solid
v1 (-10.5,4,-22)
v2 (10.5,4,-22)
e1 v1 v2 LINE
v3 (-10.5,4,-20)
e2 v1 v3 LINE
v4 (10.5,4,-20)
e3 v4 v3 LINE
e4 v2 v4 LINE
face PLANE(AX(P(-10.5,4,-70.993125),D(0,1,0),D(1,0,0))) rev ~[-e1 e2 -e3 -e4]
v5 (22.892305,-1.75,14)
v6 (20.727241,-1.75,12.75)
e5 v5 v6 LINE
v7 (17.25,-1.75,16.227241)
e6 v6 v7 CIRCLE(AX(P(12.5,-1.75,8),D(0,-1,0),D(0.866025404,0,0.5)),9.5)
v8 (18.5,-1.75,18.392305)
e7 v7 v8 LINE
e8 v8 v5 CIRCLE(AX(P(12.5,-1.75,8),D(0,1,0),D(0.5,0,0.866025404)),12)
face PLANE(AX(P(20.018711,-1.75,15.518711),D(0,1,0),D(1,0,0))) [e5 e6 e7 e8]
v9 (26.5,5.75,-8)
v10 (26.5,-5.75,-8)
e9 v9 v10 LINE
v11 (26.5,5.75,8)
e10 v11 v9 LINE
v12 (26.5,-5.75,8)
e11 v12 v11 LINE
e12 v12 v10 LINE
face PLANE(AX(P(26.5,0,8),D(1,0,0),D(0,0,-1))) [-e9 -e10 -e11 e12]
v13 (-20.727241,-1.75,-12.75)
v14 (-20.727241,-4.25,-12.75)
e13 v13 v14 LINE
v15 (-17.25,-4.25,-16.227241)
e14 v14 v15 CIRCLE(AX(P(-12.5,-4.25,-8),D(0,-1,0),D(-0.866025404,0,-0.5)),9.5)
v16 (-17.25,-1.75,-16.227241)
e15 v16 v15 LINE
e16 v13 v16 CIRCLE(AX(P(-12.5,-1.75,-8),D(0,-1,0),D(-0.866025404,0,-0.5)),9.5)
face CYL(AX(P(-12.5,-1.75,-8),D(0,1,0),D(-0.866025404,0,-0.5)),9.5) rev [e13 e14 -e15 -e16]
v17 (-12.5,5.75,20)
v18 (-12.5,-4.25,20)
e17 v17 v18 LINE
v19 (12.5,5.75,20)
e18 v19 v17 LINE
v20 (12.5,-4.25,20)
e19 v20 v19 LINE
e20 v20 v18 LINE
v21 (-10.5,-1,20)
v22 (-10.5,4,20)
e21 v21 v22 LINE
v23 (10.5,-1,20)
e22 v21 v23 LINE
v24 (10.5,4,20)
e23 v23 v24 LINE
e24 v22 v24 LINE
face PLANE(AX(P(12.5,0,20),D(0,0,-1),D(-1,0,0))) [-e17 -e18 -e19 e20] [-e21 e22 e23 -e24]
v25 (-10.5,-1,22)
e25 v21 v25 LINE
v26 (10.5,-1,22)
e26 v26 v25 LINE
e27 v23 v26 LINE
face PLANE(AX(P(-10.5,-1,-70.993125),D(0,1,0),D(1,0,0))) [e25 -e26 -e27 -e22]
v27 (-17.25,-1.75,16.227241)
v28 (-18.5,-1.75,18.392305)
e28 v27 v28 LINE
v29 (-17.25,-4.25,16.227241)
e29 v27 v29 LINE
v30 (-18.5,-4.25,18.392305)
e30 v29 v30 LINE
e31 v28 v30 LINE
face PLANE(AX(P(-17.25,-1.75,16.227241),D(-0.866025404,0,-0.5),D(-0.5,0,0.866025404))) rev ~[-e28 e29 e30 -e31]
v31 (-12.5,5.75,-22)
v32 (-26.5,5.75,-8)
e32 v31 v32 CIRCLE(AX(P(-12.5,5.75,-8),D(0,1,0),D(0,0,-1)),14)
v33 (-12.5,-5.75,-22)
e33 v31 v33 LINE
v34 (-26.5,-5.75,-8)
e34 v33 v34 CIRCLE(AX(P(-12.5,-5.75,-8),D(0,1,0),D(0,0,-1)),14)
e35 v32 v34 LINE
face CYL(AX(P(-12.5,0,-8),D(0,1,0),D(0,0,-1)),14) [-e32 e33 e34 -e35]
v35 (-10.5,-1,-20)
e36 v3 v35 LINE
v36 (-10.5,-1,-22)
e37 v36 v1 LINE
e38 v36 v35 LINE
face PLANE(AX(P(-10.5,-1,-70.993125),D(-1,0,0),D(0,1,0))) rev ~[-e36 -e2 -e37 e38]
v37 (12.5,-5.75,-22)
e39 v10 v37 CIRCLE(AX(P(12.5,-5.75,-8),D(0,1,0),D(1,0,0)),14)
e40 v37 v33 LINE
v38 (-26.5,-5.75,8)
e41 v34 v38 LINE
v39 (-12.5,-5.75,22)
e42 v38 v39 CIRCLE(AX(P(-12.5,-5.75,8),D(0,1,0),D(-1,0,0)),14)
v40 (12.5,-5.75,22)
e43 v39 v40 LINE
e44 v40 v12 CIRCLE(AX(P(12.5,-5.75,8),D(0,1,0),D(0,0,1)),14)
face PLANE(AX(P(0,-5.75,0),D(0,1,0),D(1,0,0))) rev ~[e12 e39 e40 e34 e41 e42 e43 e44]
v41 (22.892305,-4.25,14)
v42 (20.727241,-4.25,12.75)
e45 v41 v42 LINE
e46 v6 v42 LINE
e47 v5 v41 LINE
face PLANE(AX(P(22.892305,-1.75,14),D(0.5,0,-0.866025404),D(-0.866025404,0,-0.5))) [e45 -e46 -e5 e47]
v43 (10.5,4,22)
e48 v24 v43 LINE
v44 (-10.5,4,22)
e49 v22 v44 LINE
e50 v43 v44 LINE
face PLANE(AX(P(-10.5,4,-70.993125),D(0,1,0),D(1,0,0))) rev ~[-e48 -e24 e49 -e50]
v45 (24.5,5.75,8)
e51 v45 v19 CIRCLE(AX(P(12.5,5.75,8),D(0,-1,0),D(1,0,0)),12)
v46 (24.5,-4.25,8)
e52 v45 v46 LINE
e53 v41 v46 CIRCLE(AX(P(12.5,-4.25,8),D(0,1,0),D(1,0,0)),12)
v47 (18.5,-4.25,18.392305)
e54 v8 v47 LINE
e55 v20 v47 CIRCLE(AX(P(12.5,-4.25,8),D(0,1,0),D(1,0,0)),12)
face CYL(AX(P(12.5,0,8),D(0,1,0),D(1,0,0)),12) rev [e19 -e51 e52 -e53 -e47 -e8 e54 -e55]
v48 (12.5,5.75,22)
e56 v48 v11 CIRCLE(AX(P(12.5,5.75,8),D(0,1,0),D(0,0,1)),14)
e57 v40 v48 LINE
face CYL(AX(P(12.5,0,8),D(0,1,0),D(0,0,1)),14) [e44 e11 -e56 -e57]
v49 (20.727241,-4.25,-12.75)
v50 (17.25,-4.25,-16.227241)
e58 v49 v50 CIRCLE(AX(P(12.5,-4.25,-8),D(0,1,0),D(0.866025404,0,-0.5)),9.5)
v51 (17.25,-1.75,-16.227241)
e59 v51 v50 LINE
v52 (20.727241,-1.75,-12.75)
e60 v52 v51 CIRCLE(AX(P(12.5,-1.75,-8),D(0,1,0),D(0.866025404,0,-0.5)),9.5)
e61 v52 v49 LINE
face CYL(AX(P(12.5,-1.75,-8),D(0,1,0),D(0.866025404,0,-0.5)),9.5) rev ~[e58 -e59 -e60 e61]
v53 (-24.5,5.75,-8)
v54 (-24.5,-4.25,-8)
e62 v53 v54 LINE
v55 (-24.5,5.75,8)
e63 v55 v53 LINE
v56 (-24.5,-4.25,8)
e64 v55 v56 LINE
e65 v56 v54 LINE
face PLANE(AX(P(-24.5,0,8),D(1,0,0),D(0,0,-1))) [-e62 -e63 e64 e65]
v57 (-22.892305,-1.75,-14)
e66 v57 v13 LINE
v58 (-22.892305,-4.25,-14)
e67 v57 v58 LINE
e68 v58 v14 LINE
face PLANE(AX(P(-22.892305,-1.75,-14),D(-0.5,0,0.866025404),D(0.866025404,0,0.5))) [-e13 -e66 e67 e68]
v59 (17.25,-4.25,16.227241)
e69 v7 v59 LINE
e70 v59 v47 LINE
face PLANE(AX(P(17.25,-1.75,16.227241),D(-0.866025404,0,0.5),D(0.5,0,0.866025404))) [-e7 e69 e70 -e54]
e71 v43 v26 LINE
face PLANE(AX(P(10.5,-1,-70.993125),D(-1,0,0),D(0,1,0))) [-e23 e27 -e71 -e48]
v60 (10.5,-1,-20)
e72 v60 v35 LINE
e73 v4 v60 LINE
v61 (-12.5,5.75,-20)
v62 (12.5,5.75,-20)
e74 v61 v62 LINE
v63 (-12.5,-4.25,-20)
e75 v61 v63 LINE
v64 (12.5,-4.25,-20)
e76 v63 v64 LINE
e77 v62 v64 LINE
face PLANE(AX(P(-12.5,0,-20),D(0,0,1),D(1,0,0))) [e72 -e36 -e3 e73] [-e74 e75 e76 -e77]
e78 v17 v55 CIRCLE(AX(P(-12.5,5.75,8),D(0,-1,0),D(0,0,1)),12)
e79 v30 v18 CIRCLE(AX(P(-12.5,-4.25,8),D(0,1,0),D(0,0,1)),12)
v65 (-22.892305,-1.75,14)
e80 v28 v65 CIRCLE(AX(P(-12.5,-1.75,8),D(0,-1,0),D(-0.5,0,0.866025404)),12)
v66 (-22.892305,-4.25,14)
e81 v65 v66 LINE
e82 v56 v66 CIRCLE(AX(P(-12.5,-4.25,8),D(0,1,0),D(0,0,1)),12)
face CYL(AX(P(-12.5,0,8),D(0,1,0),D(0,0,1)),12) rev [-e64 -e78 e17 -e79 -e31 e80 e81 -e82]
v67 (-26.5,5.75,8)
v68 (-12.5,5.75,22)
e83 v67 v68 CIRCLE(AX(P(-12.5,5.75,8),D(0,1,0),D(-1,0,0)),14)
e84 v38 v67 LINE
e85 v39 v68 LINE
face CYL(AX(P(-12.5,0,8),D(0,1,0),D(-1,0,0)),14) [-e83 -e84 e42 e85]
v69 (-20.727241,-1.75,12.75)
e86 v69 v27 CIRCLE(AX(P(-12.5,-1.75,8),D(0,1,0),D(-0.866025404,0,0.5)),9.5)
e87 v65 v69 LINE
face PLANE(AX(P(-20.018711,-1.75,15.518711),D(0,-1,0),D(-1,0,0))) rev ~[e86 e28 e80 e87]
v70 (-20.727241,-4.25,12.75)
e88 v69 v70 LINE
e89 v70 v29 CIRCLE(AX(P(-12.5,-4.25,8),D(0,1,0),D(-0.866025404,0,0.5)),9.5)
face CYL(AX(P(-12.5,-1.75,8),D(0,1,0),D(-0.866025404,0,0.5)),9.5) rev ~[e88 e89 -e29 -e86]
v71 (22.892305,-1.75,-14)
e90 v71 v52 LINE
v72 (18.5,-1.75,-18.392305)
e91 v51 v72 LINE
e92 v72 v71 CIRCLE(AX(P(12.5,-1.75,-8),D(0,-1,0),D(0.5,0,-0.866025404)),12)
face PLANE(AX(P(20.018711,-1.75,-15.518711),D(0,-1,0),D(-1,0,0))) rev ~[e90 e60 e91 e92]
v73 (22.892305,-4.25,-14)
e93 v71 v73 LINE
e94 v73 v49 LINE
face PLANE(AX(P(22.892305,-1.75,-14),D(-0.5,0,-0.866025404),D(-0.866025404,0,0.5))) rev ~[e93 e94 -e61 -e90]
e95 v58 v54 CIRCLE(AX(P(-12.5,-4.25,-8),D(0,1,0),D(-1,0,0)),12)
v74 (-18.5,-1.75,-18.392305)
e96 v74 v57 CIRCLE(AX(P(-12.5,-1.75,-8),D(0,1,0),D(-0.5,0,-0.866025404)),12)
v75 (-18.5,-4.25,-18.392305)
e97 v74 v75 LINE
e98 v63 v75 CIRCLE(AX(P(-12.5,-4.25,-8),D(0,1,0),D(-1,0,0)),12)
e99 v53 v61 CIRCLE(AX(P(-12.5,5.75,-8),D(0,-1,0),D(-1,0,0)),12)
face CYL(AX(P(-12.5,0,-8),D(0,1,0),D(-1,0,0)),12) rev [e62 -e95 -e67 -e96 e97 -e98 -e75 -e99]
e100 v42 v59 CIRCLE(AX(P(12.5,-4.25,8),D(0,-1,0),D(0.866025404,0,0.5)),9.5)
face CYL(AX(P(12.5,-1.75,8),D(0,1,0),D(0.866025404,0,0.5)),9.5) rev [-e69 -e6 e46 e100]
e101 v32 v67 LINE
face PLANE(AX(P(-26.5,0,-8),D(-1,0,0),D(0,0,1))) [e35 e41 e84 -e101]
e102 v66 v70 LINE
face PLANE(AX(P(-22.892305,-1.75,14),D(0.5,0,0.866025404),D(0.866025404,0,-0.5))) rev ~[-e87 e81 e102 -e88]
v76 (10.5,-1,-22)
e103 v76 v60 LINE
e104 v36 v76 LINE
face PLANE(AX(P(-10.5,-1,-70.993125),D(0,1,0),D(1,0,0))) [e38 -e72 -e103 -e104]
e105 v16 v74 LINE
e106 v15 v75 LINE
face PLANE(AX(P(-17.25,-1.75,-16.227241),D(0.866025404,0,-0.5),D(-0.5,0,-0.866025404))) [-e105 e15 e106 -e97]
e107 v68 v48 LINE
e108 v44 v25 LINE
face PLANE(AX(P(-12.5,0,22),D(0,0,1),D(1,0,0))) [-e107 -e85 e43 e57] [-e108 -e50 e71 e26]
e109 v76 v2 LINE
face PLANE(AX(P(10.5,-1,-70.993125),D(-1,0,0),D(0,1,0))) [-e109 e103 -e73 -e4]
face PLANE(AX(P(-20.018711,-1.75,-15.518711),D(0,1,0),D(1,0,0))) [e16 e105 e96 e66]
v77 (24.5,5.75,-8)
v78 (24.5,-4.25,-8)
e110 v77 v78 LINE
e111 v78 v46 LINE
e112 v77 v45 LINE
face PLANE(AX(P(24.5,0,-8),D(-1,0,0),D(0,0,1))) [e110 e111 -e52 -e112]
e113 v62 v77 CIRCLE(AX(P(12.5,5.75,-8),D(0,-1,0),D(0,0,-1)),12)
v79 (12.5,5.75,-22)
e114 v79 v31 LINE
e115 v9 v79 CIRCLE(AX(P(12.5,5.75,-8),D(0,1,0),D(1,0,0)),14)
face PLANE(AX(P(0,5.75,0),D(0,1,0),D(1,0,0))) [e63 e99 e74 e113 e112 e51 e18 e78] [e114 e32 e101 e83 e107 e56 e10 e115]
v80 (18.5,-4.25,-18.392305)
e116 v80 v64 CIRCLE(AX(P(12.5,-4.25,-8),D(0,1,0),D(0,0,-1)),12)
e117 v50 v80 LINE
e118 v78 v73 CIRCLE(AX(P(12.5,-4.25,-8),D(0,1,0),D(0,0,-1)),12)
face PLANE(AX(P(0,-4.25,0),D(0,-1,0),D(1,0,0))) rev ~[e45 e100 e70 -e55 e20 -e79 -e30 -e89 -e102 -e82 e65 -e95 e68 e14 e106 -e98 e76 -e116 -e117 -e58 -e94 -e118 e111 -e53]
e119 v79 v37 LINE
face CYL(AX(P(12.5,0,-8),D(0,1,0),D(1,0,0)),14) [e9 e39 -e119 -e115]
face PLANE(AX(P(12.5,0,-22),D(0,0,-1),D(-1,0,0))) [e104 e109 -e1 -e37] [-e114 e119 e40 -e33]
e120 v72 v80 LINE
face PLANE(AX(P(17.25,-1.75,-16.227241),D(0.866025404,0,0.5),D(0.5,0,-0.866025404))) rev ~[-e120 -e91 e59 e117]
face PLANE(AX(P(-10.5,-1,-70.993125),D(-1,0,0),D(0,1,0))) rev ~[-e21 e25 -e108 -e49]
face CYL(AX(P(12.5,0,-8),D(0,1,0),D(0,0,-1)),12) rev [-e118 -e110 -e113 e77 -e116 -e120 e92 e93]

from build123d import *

# Parameters (mm, degrees)
BOSS_EXTRUDE1_DEPTH     = 5.75
CUT_EXTRUDE1_DEPTH      = 50.993124527
CUT_EXTRUDE1_DEPTH_BACK = 50.993124527
SKETCH2_W               = 21
SKETCH2_H               = 5
BOSS_EXTRUDE2_START     = -1.5
BOSS_EXTRUDE2_DEPTH     = 1.5
BOSS_EXTRUDE3_START     = 2.5
BOSS_EXTRUDE3_DEPTH     = 2.5


with BuildPart() as part:
    # Sketch1 → Boss-Extrude1 (new, symmetric)
    with BuildSketch(Plane(origin=(0, 0, 0), x_dir=(1, 0, 0), z_dir=(0, 1, 0))):
        with BuildLine():
            Line((-26.5, 8), (-26.5, -8))
            ThreePointArc((-26.5, -8), (-22.399494937, -17.899494937), (-12.5, -22))
            Line((-12.5, -22), (12.5, -22))
            ThreePointArc((12.5, -22), (22.399494937, -17.899494937), (26.5, -8))
            Line((26.5, -8), (26.5, 8))
            ThreePointArc((26.5, 8), (22.399494937, 17.899494937), (12.5, 22))
            Line((12.5, 22), (-12.5, 22))
            ThreePointArc((-12.5, 22), (-22.399494937, 17.899494937), (-26.5, 8))
        make_face()
        with BuildLine():
            Line((12.5, -20), (-12.5, -20))
            ThreePointArc((-12.5, -20), (-20.985281374, -16.485281374), (-24.5, -8))
            Line((-24.5, -8), (-24.5, 8))
            ThreePointArc((-24.5, 8), (-20.985281374, 16.485281374), (-12.5, 20))
            Line((-12.5, 20), (12.5, 20))
            ThreePointArc((12.5, 20), (20.985281374, 16.485281374), (24.5, 8))
            Line((24.5, 8), (24.5, -8))
            ThreePointArc((24.5, -8), (20.985281374, -16.485281374), (12.5, -20))
        make_face(mode=Mode.SUBTRACT)
    extrude(amount=BOSS_EXTRUDE1_DEPTH, both=True)

    # Sketch2 → Cut-Extrude1 (cut, two sides: drawn at the far end of the back side and taken through both)
    with BuildSketch(Plane.XY.offset(-20).offset(-CUT_EXTRUDE1_DEPTH_BACK)):
        with Locations((0, 1.5)):
            Rectangle(SKETCH2_W, SKETCH2_H)
    extrude(amount=CUT_EXTRUDE1_DEPTH + CUT_EXTRUDE1_DEPTH_BACK, mode=Mode.SUBTRACT)

    # Sketch3 → Boss-Extrude2 (add)
    with BuildSketch(Plane.XZ.offset(5.75).offset(BOSS_EXTRUDE2_START)):
        with BuildLine():
            Line((-12.5, -22), (12.5, -22))
            ThreePointArc((12.5, -22), (22.399494937, -17.899494937), (26.5, -8))
            Line((26.5, -8), (26.5, 8))
            ThreePointArc((26.5, 8), (22.399494937, 17.899494937), (12.5, 22))
            Line((12.5, 22), (-12.5, 22))
            ThreePointArc((-12.5, 22), (-22.399494937, 17.899494937), (-26.5, 8))
            Line((-26.5, 8), (-26.5, -8))
            ThreePointArc((-26.5, -8), (-22.399494937, -17.899494937), (-12.5, -22))
        make_face()
    extrude(amount=BOSS_EXTRUDE2_DEPTH)

    # Sketch6 → Boss-Extrude3 (add)
    with BuildSketch(Plane(origin=(0, -4.25, 0), x_dir=(1, 0, 0), z_dir=(0, 1, 0)).offset(BOSS_EXTRUDE3_START)):
        with BuildLine():
            Line((-22.892304845, 14), (-20.727241336, 12.75))
            ThreePointArc((-20.727241336, 12.75), (-19.217514421, 14.717514421), (-17.25, 16.227241336))
            Line((-17.25, 16.227241336), (-18.5, 18.392304845))
            ThreePointArc((-18.5, 18.392304845), (-20.985281374, 16.485281374), (-22.892304845, 14))
        make_face()
        with BuildLine():
            Line((17.25, 16.227241336), (18.5, 18.392304845))
            ThreePointArc((18.5, 18.392304845), (20.985281374, 16.485281374), (22.892304845, 14))
            Line((22.892304845, 14), (20.727241336, 12.75))
            ThreePointArc((20.727241336, 12.75), (19.217514421, 14.717514421), (17.25, 16.227241336))
        make_face()
        with BuildLine():
            Line((22.892304845, -14), (20.727241336, -12.75))
            ThreePointArc((20.727241336, -12.75), (19.217514421, -14.717514421), (17.25, -16.227241336))
            Line((17.25, -16.227241336), (18.5, -18.392304845))
            ThreePointArc((18.5, -18.392304845), (20.985281374, -16.485281374), (22.892304845, -14))
        make_face()
        with BuildLine():
            Line((-17.25, -16.227241336), (-18.5, -18.392304845))
            ThreePointArc((-18.5, -18.392304845), (-20.985281374, -16.485281374), (-22.892304845, -14))
            Line((-22.892304845, -14), (-20.727241336, -12.75))
            ThreePointArc((-20.727241336, -12.75), (-19.217514421, -14.717514421), (-17.25, -16.227241336))
        make_face()
    extrude(amount=-BOSS_EXTRUDE3_DEPTH)


solid = part.part
